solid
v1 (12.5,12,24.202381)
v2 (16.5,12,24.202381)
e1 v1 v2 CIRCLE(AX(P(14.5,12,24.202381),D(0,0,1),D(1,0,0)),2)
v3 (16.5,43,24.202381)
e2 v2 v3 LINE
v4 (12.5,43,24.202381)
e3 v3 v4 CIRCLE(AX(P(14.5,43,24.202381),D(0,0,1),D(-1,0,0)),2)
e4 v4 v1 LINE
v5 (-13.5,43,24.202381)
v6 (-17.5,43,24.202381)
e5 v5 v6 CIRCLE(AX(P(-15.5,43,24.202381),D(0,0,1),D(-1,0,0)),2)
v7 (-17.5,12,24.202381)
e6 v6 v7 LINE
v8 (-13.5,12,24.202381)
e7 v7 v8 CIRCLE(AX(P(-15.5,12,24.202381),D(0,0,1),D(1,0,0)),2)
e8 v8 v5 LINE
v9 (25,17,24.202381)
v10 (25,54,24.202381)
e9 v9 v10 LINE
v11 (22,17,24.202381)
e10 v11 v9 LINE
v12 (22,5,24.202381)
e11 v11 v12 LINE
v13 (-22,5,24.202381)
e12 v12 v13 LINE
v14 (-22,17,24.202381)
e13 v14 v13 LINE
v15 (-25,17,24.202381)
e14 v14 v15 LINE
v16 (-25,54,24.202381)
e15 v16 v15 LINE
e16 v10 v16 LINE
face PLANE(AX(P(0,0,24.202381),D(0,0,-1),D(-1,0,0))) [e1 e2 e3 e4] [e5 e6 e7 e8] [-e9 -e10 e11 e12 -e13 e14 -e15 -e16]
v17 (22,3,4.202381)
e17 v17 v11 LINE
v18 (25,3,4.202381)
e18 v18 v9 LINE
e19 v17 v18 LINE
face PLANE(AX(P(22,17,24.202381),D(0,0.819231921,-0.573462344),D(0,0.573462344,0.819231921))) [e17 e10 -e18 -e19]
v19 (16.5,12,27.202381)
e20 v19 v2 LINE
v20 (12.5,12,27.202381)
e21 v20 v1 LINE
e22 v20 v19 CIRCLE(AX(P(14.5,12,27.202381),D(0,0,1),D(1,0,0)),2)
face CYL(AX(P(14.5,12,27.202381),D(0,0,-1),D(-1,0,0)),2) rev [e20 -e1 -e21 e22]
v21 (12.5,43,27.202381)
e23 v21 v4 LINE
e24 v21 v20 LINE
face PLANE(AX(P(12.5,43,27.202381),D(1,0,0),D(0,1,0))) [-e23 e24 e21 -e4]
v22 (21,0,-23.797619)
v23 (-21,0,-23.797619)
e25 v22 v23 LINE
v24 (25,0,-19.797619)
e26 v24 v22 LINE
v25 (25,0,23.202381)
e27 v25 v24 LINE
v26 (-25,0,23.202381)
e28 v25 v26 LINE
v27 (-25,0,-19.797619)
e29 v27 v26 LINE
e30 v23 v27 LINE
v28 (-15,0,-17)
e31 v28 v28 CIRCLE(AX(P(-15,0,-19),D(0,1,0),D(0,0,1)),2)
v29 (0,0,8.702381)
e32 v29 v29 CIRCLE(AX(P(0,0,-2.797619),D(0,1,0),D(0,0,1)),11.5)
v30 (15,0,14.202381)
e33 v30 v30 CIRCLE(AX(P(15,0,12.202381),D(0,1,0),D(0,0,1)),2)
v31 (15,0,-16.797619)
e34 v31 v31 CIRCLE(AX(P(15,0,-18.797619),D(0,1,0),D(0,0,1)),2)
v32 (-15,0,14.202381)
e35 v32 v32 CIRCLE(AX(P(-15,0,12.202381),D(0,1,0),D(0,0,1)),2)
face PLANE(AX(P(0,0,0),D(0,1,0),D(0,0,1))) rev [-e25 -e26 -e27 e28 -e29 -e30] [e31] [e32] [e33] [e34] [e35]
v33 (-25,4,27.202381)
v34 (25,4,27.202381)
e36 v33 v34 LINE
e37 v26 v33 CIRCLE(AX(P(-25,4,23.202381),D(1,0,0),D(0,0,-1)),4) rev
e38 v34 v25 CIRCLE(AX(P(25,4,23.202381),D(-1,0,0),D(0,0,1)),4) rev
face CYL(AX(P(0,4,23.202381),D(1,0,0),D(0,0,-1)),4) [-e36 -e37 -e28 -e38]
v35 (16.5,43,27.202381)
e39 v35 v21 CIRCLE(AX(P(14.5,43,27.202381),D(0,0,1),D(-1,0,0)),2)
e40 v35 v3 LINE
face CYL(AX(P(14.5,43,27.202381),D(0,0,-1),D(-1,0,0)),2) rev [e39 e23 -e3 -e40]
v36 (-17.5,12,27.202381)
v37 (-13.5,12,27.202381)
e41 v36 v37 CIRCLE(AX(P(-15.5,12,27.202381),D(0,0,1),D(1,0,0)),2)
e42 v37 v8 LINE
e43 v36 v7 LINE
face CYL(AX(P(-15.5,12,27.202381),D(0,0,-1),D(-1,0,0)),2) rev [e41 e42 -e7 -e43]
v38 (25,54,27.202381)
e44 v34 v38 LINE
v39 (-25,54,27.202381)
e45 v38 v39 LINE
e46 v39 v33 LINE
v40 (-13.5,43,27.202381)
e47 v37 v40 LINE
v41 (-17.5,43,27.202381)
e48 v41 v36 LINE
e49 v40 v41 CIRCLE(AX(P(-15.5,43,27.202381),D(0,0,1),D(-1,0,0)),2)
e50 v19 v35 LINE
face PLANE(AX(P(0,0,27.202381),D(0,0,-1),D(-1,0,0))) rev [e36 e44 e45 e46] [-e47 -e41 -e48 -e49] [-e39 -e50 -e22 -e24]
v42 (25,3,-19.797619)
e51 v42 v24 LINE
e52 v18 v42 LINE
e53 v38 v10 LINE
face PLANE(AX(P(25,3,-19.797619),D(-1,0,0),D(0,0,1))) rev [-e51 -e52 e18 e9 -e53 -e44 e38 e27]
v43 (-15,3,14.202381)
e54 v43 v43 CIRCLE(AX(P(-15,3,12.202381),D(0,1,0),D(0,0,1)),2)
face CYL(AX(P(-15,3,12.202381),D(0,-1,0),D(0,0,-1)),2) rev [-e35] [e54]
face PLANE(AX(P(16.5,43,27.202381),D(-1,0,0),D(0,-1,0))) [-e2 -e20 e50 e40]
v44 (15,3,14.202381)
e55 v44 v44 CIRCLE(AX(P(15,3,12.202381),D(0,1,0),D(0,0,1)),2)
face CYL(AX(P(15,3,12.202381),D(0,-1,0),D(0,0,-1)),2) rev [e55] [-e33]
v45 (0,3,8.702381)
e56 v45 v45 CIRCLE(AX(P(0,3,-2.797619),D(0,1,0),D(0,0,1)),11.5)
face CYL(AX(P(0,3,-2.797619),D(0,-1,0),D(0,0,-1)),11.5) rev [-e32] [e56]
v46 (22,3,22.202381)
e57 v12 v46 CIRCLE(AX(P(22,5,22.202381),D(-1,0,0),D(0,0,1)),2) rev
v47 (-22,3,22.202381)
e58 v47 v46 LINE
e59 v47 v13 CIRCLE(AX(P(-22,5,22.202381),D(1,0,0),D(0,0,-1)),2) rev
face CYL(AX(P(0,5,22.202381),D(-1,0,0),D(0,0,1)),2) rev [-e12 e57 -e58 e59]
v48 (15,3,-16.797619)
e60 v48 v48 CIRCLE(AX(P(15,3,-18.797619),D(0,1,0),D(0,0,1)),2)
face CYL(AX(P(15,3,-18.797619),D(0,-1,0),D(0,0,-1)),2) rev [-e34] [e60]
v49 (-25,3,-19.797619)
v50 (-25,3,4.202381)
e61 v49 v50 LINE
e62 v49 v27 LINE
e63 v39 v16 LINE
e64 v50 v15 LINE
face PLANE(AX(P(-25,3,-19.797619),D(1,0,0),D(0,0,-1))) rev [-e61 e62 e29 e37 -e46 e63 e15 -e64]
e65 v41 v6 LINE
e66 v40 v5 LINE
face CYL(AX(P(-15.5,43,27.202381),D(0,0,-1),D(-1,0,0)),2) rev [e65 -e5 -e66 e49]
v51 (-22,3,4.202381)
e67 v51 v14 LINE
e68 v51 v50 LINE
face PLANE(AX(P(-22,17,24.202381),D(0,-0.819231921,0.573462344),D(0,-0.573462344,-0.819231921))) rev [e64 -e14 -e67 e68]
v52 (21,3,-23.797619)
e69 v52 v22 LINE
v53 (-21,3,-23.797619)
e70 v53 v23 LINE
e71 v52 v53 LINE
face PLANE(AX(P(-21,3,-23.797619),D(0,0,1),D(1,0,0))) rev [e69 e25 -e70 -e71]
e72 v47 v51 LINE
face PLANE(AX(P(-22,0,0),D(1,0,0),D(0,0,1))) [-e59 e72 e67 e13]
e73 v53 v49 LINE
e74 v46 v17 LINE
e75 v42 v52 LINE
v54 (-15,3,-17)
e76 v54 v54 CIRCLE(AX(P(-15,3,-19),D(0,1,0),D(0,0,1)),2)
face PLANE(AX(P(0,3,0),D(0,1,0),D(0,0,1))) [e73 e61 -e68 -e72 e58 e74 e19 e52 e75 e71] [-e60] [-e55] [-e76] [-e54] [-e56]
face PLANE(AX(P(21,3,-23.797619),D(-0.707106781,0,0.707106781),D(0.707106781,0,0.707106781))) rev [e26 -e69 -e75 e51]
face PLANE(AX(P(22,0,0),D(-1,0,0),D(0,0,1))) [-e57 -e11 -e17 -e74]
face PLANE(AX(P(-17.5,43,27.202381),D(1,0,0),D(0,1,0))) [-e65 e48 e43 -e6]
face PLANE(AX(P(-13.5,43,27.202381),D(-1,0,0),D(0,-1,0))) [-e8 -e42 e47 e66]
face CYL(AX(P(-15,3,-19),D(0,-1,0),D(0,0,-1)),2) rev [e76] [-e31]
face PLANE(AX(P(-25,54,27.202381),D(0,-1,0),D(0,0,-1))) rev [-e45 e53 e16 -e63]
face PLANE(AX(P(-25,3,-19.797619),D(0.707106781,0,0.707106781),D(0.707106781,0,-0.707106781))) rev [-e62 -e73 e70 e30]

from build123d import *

# Parameters (mm, degrees)
SKETCH1_R           = 11.5
SKETCH1_R_2         = 2
BOSS_EXTRUDE1_DEPTH = 3
SKETCH2_W           = 50
SKETCH2_H           = 54
BOSS_EXTRUDE2_DEPTH = 3
FILLET1_R           = 4
FILLET2_R           = 2
BOSS_EXTRUDE3_DEPTH = 3


with BuildPart() as part:
    # Sketch1 → Boss-Extrude1 (new body)
    with BuildSketch(Plane(origin=(0, 0, 0), x_dir=(1, 0, 0), z_dir=(0, 1, 0))):
        Polygon((21, 23.797619048), (25, 19.797619048), (25, -24.202380952), (-25, -24.202380952), (-25, 19.797619048), (-21, 23.797619048), align=None)
        with Locations(Location((0, 2.797619048, 0), (0, 0, 270))):
            Circle(SKETCH1_R, mode=Mode.SUBTRACT)
        with Locations(Location((-15, 19, 0), (0, 0, 270))):
            Circle(SKETCH1_R_2, mode=Mode.SUBTRACT)
        with Locations(Location((15, 18.797619048, 0), (0, 0, 270))):
            Circle(SKETCH1_R_2, mode=Mode.SUBTRACT)
        with Locations(Location((15, -12.202380952, 0), (0, 0, 270))):
            Circle(SKETCH1_R_2, mode=Mode.SUBTRACT)
        with Locations(Location((-15, -12.202380952, 0), (0, 0, 270))):
            Circle(SKETCH1_R_2, mode=Mode.SUBTRACT)
    extrude(amount=BOSS_EXTRUDE1_DEPTH)

    # Sketch2 → Boss-Extrude2 (add)
    with BuildSketch(Plane.XY.offset(24.202380952)):
        with Locations((0, 27)):
            Rectangle(SKETCH2_W, SKETCH2_H)
        with BuildLine():
            Line((-17.5, 43), (-17.5, 12))
            ThreePointArc((-17.5, 12), (-15.5, 10), (-13.5, 12))
            Line((-13.5, 12), (-13.5, 43))
            ThreePointArc((-13.5, 43), (-15.5, 45), (-17.5, 43))
        make_face(mode=Mode.SUBTRACT)
        with BuildLine():
            Line((12.5, 43), (12.5, 12))
            ThreePointArc((12.5, 12), (14.5, 10), (16.5, 12))
            Line((16.5, 12), (16.5, 43))
            ThreePointArc((16.5, 43), (14.5, 45), (12.5, 43))
        make_face(mode=Mode.SUBTRACT)
    extrude(amount=BOSS_EXTRUDE2_DEPTH)

    # Fillet1
    fillet1_edges = [part.edges().sort_by_distance(p)[0] for p in [
        (0, 0, 27.202380952),
    ]]
    fillet(fillet1_edges, radius=FILLET1_R)

    # Fillet2
    fillet2_edges = [part.edges().sort_by_distance(p)[0] for p in [
        (0, 3, 24.202380952),
    ]]
    fillet(fillet2_edges, radius=FILLET2_R)

    # Sketch6 → Boss-Extrude3 (add)
    with BuildSketch(Plane(origin=(25, 0, 0), x_dir=(0, 0, -1), z_dir=(1, 0, 0))):
        Polygon((-24.202380952, 3), (-24.202380952, 17), (-4.202380952, 3), align=None)
    boss_extrude3 = extrude(amount=-BOSS_EXTRUDE3_DEPTH)

    # Mirror1: Boss-Extrude3 across plane
    add(boss_extrude3.mirror(Plane(origin=(0, 0, 0), x_dir=(0, 0, 1), z_dir=(1, 0, 0))))


solid = part.part
